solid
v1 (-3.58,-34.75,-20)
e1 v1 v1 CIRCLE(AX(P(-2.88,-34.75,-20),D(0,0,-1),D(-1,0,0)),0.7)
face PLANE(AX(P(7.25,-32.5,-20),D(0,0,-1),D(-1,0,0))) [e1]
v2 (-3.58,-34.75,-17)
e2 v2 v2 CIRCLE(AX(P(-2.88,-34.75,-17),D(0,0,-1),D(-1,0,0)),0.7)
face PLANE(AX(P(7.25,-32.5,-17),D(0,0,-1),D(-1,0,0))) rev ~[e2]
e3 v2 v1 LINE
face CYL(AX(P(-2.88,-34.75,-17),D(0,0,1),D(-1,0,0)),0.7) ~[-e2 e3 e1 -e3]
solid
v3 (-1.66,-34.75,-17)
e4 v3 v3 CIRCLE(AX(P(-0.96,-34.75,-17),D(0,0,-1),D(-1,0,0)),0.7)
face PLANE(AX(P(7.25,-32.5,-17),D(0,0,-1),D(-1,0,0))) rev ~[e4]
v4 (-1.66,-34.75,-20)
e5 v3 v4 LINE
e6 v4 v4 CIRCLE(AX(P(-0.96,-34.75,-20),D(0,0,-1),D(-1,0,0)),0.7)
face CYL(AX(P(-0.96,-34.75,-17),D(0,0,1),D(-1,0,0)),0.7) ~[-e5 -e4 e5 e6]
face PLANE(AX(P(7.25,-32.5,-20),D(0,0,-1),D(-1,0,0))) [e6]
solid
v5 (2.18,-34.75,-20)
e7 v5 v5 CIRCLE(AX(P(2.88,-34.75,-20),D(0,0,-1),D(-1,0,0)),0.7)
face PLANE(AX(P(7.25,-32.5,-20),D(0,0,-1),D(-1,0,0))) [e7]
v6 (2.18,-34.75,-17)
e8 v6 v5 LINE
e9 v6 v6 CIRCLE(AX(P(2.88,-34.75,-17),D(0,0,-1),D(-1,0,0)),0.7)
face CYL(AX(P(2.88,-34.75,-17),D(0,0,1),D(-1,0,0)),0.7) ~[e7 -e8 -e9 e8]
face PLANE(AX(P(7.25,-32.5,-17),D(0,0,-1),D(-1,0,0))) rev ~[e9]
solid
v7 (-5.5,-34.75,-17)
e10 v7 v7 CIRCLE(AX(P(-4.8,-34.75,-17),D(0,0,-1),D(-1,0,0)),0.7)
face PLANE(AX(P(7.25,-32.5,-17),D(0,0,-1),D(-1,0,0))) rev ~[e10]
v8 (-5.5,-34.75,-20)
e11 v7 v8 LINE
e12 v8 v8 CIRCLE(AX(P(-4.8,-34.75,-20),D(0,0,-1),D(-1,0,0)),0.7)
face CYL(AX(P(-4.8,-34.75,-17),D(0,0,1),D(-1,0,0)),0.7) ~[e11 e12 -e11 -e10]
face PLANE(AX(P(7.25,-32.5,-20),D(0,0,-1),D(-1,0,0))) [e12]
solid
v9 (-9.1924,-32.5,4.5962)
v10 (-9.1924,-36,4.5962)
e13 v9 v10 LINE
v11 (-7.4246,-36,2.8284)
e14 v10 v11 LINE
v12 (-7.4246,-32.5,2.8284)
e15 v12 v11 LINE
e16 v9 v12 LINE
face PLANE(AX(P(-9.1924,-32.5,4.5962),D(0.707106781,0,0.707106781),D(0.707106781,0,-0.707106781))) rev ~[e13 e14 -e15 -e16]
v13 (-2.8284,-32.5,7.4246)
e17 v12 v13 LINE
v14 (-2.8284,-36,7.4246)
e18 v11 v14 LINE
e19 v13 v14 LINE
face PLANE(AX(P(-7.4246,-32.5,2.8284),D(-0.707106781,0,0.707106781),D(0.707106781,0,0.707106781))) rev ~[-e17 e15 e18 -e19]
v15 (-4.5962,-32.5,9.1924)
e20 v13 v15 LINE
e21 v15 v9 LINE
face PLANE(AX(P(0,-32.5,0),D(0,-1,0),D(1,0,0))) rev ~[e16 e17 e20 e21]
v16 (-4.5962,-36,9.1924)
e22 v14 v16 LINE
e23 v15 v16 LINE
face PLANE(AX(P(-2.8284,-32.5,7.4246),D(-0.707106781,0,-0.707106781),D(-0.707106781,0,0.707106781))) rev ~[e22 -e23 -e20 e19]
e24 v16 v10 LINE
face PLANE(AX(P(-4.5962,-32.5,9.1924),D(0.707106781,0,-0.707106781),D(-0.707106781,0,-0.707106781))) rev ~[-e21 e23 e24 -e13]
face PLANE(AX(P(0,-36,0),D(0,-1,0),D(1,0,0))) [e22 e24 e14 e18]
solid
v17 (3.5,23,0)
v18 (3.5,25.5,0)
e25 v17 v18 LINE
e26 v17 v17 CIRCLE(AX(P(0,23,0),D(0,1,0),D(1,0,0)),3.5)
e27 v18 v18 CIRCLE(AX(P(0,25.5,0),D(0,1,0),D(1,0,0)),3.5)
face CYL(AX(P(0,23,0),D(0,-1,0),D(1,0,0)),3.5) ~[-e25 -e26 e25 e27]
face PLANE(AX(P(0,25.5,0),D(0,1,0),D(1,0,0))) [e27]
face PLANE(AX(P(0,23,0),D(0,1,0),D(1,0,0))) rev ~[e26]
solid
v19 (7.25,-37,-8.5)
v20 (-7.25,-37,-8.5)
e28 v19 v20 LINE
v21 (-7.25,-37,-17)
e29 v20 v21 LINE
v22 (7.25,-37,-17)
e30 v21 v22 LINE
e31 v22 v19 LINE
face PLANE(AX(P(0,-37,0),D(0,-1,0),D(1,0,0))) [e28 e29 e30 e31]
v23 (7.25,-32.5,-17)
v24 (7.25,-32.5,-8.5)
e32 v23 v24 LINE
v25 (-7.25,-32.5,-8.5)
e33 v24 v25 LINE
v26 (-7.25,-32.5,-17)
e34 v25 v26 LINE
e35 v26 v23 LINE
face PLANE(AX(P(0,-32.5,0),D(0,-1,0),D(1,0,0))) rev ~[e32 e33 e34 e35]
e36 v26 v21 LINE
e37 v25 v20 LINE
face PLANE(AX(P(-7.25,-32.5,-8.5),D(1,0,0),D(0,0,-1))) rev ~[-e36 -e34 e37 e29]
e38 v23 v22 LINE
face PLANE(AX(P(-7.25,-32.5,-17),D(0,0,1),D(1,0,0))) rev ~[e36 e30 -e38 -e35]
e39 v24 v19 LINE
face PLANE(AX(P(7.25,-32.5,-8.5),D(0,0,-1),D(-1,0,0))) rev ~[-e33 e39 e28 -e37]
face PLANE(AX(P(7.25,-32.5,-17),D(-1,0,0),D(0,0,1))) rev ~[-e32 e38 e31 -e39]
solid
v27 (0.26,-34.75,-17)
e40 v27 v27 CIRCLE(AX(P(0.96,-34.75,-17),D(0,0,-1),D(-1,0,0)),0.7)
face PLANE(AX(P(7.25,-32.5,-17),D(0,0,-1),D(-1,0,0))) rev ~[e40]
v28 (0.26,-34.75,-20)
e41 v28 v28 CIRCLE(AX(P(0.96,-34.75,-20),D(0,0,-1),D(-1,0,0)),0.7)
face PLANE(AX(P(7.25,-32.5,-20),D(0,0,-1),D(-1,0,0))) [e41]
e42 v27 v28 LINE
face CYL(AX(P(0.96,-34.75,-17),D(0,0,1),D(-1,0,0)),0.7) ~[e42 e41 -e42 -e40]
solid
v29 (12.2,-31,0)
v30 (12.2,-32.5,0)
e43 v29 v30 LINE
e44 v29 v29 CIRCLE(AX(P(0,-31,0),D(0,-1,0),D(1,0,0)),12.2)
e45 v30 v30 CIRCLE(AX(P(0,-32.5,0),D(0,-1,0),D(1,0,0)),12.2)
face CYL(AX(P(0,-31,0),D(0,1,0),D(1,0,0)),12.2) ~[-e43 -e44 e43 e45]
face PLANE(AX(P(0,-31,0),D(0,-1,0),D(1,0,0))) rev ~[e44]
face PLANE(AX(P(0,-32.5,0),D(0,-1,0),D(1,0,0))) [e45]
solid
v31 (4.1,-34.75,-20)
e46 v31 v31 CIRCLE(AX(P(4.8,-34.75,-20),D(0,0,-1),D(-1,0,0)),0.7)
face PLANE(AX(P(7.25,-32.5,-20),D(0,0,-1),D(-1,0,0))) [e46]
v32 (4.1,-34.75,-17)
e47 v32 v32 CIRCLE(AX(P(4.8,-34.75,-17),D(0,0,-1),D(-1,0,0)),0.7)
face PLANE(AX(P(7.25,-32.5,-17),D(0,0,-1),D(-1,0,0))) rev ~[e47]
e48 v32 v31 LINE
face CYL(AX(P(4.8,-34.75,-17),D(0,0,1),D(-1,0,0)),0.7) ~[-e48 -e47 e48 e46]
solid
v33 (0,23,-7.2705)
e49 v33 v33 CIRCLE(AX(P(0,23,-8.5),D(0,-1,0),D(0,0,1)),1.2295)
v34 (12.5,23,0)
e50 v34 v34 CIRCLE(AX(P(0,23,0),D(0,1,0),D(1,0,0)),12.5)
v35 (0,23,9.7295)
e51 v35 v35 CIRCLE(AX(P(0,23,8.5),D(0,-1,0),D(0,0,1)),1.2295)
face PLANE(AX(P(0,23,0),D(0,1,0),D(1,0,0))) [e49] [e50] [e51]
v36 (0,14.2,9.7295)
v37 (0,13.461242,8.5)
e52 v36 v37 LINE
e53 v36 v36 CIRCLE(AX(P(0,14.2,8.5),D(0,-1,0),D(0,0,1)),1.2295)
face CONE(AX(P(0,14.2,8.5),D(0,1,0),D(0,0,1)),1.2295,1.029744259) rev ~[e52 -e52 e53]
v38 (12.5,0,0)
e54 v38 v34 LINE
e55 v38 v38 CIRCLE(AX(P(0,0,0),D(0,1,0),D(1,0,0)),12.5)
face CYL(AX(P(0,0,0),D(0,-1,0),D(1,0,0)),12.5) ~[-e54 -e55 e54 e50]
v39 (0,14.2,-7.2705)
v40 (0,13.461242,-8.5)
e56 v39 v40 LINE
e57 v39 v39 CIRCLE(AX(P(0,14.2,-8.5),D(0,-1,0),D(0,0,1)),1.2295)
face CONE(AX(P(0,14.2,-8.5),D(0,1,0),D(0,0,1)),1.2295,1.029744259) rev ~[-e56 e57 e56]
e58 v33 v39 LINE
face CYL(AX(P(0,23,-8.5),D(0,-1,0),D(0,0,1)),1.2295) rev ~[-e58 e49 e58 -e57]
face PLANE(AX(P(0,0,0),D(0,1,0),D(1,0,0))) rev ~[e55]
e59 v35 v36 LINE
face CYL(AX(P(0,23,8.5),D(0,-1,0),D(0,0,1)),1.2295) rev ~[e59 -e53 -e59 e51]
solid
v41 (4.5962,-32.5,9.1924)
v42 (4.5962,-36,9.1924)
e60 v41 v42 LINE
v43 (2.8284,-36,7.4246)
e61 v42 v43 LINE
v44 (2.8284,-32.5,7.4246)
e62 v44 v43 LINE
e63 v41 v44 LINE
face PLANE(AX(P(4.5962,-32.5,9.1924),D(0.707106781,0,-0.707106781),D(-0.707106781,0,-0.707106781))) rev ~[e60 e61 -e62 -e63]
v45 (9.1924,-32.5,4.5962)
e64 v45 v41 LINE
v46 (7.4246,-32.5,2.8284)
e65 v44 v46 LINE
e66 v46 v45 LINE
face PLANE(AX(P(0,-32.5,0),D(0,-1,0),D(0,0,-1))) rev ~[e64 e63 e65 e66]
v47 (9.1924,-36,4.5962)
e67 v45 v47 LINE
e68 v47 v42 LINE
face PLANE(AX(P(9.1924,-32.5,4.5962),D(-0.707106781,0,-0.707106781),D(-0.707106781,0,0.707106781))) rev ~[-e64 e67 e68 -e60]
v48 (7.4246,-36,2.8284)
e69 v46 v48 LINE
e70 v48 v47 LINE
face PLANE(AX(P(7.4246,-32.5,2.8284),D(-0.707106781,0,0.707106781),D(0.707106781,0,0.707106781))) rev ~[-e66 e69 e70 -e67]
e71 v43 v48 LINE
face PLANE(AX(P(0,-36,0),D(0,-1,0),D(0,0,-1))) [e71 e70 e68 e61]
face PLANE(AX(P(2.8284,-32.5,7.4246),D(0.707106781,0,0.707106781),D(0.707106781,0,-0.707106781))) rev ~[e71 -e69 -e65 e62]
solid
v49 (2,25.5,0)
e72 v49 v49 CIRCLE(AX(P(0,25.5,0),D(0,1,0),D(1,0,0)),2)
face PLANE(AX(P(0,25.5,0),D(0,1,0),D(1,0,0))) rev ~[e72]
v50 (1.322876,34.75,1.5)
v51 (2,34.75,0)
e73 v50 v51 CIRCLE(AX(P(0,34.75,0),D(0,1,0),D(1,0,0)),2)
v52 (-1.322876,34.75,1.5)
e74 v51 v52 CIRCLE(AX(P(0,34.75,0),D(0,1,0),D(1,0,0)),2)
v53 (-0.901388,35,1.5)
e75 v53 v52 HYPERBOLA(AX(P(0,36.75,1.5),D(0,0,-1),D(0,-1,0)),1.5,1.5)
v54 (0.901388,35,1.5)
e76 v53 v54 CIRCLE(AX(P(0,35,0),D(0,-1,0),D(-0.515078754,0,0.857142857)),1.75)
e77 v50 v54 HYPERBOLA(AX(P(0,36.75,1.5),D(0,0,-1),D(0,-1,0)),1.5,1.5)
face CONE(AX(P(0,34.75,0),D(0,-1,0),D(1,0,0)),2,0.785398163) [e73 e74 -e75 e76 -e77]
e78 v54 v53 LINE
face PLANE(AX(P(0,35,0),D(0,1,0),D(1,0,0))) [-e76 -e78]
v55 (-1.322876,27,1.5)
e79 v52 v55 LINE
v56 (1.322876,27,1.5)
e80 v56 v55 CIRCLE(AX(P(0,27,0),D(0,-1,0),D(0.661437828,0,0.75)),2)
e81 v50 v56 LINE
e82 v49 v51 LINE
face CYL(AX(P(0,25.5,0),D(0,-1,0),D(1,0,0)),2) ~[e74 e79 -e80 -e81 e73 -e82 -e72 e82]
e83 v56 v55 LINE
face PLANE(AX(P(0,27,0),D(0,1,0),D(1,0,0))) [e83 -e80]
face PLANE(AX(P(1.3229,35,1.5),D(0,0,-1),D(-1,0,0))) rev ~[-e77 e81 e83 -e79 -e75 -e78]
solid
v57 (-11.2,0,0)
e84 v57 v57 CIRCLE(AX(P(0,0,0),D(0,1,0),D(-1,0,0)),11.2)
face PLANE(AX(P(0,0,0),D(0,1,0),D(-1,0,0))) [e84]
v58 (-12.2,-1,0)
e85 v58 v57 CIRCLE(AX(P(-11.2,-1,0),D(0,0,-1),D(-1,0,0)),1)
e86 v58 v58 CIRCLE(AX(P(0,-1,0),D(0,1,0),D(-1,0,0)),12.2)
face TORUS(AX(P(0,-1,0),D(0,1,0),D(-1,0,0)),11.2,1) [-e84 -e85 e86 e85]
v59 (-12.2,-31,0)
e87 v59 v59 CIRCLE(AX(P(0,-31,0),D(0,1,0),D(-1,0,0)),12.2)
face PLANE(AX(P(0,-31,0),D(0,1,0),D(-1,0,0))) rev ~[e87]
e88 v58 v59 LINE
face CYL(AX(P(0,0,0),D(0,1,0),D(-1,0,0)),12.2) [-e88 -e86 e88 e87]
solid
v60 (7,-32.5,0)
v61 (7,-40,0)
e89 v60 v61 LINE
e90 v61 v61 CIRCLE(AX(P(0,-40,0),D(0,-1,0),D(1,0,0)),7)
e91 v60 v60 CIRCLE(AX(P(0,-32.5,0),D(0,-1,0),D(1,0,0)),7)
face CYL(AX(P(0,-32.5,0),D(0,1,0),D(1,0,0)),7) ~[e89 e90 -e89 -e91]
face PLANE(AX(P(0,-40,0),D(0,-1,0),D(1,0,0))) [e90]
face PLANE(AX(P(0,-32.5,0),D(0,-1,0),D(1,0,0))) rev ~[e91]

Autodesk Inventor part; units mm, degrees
ref_plane "YZ Plane" through (0, 0, 0) normal (1, 0, 0) x (0, 1, 0)
ref_plane "XZ Plane" through (0, 0, 0) normal (0, 1, 0) x (-1, 0, 0)
ref_plane "XY Plane" through (0, 0, 0) normal (0, 0, 1) x (1, 0, 0)
sketch "Sketch1" plane through (0, 0, 0) normal (0, 1, 0) x (-1, 0, 0)
  circle A0 centre (0, 0) radius 12.2
  dimension "d0" = 24.4
extrude "Extrusion1" add sketch "Sketch1" against normal blind 31
fillet "Fillet1" radius 1 1 edges at (12.2, 0, 0)
sketch "Sketch2" plane through (0, -31, 0) normal (0, -1, 0) x (1, 0, 0)
  circle A0 centre (0, 0) radius 12.2 projected
extrude "Extrusion2" add sketch "Sketch2" along normal blind 1.5 separate body
sketch "Sketch3" plane through (0, -32.5, 0) normal (0, -1, 0) x (1, 0, 0)
  circle A0 centre (0, 0) radius 7
  dimension "d6" = 14
extrude "Extrusion3" add sketch "Sketch3" along normal blind 7.5 separate body
sketch "Sketch4" plane through (0, -32.5, 0) normal (0, -1, 0) x (1, 0, 0)
  circle A0 centre (0, 0) radius 6.75 construction
  line L0 (-7.4246, 2.8284) -> (-2.8284, 7.4246)
  line L1 (-2.8284, 7.4246) -> (-4.5962, 9.1924)
  line L2 (-4.5962, 9.1924) -> (-9.1924, 4.5962)
  line L3 (-9.1924, 4.5962) -> (-7.4246, 2.8284)
  line L4 (-7.4246, 2.8284) -> (-4.5962, 9.1924) construction
  line L5 (-2.8284, 7.4246) -> (-9.1924, 4.5962) construction
  line L6 (0, 0) -> (-6.0104, 6.0104) construction
  line L7 (0, 0) -> (-12.2, 0) construction
  circle A1 centre (0, 0) radius 12.2 construction
  point P0 (4.773, -4.773)
  dimension "d9" = 13.5
  dimension "d10" = 6.5
  dimension "d11" = 2.5
  dimension "d12" = 45
  dimension "d13" = 16.5
extrude "Extrusion4" add sketch "Sketch4" along normal blind 3.5 separate body
pattern_circular "Circular Pattern1" count 2 over 90 about axis through (0, -32.5, 0) along (0, 1, 0) of "Extrusion4" bodies 4
sketch "Sketch5" plane through (0, -32.5, 0) normal (0, -1, 0) x (1, 0, 0)
  line L0 (-7.25, -17) -> (7.25, -17)
  line L1 (7.25, -17) -> (7.25, -8.5)
  line L2 (7.25, -8.5) -> (-7.25, -8.5)
  line L3 (-7.25, -8.5) -> (-7.25, -17)
  line L4 (-7.25, -17) -> (7.25, -8.5) construction
  line L5 (7.25, -17) -> (-7.25, -8.5) construction
  circle A0 centre (0, 0) radius 7 projected
  point P0 (0, -12.75)
  point P1 (0, -12.75)
  dimension "d19" = 17
  dimension "d20" = 8.5
  dimension "d21" = 14.5
extrude "Extrusion5" add sketch "Sketch5" along normal blind 4.5 separate body contours L3 L2 L1 L0
sketch "Sketch6" plane through (7.25, -32.5, -17) normal (0, 0, -1) x (-1, 0, 0)
  line L0 (12.05, -2.25) -> (10.13, -2.25) construction
  line L1 (10.13, -2.25) -> (8.21, -2.25) construction
  line L2 (8.21, -2.25) -> (6.29, -2.25) construction
  line L3 (6.29, -2.25) -> (4.37, -2.25) construction
  line L4 (4.37, -2.25) -> (2.45, -2.25) construction
  circle A0 centre (12.05, -2.25) radius 0.7
  circle A1 centre (10.13, -2.25) radius 0.7
  circle A2 centre (8.21, -2.25) radius 0.7
  circle A3 centre (6.29, -2.25) radius 0.7
  circle A4 centre (4.37, -2.25) radius 0.7
  circle A5 centre (2.45, -2.25) radius 0.7
  line L5 (14.5, 0) -> (14.5, -4.5) projected
  line L6 (14.5, -4.5) -> (0, -4.5) projected
  point P0 (7.25, 32.5)
  point P1 (14.5, -2.25)
  point P2 (7.25, -2.25)
  point P3 (7.25, -4.5)
  dimension "d24" = 9.6
  dimension "d25" = 1.4
extrude "Extrusion6" add sketch "Sketch6" along normal blind 3 separate body contours A0
extrude "Extrusion7" add sketch "Sketch6" along normal blind 3 separate body contours A1
extrude "Extrusion8" add sketch "Sketch6" along normal blind 3 separate body contours A2
extrude "Extrusion9" add sketch "Sketch6" along normal blind 3 separate body contours A3
extrude "Extrusion10" add sketch "Sketch6" along normal blind 3 separate body contours A4
extrude "Extrusion11" add sketch "Sketch6" along normal blind 3 separate body contours A5
sketch "Sketch7" plane through (0, 0, 0) normal (0, 1, 0) x (1, 0, 0)
  circle A0 centre (0, 0) radius 12.5
  dimension "d38" = 25
extrude "Extrusion12" add sketch "Sketch7" along normal blind 23 separate body
sketch "Sketch8" plane through (0, 23, 0) normal (0, 1, 0) x (1, 0, 0)
  circle A0 centre (0, 0) radius 11.2 construction
  circle A1 centre (0, 0) radius 3.5
  dimension "d41" = 7
extrude "Extrusion13" add sketch "Sketch8" along normal blind 2.5 separate body
sketch "Sketch9" plane through (0, 25.5, 0) normal (0, 1, 0) x (1, 0, 0)
  circle A0 centre (0, 0) radius 2
  dimension "d44" = 4
extrude "Extrusion14" add sketch "Sketch9" along normal blind 9.5 separate body
chamfer "Chamfer1" distance 0.25 angle 45 1 edges at (-2, 35, 0)
sketch "Sketch10" plane through (0, 35, 0) normal (0, 1, 0) x (1, 0, 0)
  line L0 (-1.3229, -2) -> (1.3229, -2)
  line L1 (1.3229, -2) -> (1.3229, -1.5)
  line L2 (1.3229, -1.5) -> (-1.3229, -1.5)
  line L3 (-1.3229, -1.5) -> (-1.3229, -2)
  circle A0 centre (0, 0) radius 2 construction
  dimension "d50" = 1.5
extrude "Extrusion15" cut sketch "Sketch10" against normal blind 8 bodies 14
sketch "Sketch11" plane through (0, 23, 0) normal (0, 1, 0) x (1, 0, 0)
  circle A0 centre (0, 0) radius 12.5 construction
  line L0 (0, 8.5) -> (0, -8.5) construction
  line L1 (7.25, 8.5) -> (-7.25, 8.5) construction
  dimension "d53" = 17
hole "Hole1" at (0, 23, -8.5) at (0, 23, 8.5) direction (0, -1, 0) diameter 2.459 depth 8.8 tip angle 118 bodies 12 thread size "M3x0.5" class "6H" standard "ISO Metric profile"
properties part number "JGA25-371_12VDC_65RPM"
